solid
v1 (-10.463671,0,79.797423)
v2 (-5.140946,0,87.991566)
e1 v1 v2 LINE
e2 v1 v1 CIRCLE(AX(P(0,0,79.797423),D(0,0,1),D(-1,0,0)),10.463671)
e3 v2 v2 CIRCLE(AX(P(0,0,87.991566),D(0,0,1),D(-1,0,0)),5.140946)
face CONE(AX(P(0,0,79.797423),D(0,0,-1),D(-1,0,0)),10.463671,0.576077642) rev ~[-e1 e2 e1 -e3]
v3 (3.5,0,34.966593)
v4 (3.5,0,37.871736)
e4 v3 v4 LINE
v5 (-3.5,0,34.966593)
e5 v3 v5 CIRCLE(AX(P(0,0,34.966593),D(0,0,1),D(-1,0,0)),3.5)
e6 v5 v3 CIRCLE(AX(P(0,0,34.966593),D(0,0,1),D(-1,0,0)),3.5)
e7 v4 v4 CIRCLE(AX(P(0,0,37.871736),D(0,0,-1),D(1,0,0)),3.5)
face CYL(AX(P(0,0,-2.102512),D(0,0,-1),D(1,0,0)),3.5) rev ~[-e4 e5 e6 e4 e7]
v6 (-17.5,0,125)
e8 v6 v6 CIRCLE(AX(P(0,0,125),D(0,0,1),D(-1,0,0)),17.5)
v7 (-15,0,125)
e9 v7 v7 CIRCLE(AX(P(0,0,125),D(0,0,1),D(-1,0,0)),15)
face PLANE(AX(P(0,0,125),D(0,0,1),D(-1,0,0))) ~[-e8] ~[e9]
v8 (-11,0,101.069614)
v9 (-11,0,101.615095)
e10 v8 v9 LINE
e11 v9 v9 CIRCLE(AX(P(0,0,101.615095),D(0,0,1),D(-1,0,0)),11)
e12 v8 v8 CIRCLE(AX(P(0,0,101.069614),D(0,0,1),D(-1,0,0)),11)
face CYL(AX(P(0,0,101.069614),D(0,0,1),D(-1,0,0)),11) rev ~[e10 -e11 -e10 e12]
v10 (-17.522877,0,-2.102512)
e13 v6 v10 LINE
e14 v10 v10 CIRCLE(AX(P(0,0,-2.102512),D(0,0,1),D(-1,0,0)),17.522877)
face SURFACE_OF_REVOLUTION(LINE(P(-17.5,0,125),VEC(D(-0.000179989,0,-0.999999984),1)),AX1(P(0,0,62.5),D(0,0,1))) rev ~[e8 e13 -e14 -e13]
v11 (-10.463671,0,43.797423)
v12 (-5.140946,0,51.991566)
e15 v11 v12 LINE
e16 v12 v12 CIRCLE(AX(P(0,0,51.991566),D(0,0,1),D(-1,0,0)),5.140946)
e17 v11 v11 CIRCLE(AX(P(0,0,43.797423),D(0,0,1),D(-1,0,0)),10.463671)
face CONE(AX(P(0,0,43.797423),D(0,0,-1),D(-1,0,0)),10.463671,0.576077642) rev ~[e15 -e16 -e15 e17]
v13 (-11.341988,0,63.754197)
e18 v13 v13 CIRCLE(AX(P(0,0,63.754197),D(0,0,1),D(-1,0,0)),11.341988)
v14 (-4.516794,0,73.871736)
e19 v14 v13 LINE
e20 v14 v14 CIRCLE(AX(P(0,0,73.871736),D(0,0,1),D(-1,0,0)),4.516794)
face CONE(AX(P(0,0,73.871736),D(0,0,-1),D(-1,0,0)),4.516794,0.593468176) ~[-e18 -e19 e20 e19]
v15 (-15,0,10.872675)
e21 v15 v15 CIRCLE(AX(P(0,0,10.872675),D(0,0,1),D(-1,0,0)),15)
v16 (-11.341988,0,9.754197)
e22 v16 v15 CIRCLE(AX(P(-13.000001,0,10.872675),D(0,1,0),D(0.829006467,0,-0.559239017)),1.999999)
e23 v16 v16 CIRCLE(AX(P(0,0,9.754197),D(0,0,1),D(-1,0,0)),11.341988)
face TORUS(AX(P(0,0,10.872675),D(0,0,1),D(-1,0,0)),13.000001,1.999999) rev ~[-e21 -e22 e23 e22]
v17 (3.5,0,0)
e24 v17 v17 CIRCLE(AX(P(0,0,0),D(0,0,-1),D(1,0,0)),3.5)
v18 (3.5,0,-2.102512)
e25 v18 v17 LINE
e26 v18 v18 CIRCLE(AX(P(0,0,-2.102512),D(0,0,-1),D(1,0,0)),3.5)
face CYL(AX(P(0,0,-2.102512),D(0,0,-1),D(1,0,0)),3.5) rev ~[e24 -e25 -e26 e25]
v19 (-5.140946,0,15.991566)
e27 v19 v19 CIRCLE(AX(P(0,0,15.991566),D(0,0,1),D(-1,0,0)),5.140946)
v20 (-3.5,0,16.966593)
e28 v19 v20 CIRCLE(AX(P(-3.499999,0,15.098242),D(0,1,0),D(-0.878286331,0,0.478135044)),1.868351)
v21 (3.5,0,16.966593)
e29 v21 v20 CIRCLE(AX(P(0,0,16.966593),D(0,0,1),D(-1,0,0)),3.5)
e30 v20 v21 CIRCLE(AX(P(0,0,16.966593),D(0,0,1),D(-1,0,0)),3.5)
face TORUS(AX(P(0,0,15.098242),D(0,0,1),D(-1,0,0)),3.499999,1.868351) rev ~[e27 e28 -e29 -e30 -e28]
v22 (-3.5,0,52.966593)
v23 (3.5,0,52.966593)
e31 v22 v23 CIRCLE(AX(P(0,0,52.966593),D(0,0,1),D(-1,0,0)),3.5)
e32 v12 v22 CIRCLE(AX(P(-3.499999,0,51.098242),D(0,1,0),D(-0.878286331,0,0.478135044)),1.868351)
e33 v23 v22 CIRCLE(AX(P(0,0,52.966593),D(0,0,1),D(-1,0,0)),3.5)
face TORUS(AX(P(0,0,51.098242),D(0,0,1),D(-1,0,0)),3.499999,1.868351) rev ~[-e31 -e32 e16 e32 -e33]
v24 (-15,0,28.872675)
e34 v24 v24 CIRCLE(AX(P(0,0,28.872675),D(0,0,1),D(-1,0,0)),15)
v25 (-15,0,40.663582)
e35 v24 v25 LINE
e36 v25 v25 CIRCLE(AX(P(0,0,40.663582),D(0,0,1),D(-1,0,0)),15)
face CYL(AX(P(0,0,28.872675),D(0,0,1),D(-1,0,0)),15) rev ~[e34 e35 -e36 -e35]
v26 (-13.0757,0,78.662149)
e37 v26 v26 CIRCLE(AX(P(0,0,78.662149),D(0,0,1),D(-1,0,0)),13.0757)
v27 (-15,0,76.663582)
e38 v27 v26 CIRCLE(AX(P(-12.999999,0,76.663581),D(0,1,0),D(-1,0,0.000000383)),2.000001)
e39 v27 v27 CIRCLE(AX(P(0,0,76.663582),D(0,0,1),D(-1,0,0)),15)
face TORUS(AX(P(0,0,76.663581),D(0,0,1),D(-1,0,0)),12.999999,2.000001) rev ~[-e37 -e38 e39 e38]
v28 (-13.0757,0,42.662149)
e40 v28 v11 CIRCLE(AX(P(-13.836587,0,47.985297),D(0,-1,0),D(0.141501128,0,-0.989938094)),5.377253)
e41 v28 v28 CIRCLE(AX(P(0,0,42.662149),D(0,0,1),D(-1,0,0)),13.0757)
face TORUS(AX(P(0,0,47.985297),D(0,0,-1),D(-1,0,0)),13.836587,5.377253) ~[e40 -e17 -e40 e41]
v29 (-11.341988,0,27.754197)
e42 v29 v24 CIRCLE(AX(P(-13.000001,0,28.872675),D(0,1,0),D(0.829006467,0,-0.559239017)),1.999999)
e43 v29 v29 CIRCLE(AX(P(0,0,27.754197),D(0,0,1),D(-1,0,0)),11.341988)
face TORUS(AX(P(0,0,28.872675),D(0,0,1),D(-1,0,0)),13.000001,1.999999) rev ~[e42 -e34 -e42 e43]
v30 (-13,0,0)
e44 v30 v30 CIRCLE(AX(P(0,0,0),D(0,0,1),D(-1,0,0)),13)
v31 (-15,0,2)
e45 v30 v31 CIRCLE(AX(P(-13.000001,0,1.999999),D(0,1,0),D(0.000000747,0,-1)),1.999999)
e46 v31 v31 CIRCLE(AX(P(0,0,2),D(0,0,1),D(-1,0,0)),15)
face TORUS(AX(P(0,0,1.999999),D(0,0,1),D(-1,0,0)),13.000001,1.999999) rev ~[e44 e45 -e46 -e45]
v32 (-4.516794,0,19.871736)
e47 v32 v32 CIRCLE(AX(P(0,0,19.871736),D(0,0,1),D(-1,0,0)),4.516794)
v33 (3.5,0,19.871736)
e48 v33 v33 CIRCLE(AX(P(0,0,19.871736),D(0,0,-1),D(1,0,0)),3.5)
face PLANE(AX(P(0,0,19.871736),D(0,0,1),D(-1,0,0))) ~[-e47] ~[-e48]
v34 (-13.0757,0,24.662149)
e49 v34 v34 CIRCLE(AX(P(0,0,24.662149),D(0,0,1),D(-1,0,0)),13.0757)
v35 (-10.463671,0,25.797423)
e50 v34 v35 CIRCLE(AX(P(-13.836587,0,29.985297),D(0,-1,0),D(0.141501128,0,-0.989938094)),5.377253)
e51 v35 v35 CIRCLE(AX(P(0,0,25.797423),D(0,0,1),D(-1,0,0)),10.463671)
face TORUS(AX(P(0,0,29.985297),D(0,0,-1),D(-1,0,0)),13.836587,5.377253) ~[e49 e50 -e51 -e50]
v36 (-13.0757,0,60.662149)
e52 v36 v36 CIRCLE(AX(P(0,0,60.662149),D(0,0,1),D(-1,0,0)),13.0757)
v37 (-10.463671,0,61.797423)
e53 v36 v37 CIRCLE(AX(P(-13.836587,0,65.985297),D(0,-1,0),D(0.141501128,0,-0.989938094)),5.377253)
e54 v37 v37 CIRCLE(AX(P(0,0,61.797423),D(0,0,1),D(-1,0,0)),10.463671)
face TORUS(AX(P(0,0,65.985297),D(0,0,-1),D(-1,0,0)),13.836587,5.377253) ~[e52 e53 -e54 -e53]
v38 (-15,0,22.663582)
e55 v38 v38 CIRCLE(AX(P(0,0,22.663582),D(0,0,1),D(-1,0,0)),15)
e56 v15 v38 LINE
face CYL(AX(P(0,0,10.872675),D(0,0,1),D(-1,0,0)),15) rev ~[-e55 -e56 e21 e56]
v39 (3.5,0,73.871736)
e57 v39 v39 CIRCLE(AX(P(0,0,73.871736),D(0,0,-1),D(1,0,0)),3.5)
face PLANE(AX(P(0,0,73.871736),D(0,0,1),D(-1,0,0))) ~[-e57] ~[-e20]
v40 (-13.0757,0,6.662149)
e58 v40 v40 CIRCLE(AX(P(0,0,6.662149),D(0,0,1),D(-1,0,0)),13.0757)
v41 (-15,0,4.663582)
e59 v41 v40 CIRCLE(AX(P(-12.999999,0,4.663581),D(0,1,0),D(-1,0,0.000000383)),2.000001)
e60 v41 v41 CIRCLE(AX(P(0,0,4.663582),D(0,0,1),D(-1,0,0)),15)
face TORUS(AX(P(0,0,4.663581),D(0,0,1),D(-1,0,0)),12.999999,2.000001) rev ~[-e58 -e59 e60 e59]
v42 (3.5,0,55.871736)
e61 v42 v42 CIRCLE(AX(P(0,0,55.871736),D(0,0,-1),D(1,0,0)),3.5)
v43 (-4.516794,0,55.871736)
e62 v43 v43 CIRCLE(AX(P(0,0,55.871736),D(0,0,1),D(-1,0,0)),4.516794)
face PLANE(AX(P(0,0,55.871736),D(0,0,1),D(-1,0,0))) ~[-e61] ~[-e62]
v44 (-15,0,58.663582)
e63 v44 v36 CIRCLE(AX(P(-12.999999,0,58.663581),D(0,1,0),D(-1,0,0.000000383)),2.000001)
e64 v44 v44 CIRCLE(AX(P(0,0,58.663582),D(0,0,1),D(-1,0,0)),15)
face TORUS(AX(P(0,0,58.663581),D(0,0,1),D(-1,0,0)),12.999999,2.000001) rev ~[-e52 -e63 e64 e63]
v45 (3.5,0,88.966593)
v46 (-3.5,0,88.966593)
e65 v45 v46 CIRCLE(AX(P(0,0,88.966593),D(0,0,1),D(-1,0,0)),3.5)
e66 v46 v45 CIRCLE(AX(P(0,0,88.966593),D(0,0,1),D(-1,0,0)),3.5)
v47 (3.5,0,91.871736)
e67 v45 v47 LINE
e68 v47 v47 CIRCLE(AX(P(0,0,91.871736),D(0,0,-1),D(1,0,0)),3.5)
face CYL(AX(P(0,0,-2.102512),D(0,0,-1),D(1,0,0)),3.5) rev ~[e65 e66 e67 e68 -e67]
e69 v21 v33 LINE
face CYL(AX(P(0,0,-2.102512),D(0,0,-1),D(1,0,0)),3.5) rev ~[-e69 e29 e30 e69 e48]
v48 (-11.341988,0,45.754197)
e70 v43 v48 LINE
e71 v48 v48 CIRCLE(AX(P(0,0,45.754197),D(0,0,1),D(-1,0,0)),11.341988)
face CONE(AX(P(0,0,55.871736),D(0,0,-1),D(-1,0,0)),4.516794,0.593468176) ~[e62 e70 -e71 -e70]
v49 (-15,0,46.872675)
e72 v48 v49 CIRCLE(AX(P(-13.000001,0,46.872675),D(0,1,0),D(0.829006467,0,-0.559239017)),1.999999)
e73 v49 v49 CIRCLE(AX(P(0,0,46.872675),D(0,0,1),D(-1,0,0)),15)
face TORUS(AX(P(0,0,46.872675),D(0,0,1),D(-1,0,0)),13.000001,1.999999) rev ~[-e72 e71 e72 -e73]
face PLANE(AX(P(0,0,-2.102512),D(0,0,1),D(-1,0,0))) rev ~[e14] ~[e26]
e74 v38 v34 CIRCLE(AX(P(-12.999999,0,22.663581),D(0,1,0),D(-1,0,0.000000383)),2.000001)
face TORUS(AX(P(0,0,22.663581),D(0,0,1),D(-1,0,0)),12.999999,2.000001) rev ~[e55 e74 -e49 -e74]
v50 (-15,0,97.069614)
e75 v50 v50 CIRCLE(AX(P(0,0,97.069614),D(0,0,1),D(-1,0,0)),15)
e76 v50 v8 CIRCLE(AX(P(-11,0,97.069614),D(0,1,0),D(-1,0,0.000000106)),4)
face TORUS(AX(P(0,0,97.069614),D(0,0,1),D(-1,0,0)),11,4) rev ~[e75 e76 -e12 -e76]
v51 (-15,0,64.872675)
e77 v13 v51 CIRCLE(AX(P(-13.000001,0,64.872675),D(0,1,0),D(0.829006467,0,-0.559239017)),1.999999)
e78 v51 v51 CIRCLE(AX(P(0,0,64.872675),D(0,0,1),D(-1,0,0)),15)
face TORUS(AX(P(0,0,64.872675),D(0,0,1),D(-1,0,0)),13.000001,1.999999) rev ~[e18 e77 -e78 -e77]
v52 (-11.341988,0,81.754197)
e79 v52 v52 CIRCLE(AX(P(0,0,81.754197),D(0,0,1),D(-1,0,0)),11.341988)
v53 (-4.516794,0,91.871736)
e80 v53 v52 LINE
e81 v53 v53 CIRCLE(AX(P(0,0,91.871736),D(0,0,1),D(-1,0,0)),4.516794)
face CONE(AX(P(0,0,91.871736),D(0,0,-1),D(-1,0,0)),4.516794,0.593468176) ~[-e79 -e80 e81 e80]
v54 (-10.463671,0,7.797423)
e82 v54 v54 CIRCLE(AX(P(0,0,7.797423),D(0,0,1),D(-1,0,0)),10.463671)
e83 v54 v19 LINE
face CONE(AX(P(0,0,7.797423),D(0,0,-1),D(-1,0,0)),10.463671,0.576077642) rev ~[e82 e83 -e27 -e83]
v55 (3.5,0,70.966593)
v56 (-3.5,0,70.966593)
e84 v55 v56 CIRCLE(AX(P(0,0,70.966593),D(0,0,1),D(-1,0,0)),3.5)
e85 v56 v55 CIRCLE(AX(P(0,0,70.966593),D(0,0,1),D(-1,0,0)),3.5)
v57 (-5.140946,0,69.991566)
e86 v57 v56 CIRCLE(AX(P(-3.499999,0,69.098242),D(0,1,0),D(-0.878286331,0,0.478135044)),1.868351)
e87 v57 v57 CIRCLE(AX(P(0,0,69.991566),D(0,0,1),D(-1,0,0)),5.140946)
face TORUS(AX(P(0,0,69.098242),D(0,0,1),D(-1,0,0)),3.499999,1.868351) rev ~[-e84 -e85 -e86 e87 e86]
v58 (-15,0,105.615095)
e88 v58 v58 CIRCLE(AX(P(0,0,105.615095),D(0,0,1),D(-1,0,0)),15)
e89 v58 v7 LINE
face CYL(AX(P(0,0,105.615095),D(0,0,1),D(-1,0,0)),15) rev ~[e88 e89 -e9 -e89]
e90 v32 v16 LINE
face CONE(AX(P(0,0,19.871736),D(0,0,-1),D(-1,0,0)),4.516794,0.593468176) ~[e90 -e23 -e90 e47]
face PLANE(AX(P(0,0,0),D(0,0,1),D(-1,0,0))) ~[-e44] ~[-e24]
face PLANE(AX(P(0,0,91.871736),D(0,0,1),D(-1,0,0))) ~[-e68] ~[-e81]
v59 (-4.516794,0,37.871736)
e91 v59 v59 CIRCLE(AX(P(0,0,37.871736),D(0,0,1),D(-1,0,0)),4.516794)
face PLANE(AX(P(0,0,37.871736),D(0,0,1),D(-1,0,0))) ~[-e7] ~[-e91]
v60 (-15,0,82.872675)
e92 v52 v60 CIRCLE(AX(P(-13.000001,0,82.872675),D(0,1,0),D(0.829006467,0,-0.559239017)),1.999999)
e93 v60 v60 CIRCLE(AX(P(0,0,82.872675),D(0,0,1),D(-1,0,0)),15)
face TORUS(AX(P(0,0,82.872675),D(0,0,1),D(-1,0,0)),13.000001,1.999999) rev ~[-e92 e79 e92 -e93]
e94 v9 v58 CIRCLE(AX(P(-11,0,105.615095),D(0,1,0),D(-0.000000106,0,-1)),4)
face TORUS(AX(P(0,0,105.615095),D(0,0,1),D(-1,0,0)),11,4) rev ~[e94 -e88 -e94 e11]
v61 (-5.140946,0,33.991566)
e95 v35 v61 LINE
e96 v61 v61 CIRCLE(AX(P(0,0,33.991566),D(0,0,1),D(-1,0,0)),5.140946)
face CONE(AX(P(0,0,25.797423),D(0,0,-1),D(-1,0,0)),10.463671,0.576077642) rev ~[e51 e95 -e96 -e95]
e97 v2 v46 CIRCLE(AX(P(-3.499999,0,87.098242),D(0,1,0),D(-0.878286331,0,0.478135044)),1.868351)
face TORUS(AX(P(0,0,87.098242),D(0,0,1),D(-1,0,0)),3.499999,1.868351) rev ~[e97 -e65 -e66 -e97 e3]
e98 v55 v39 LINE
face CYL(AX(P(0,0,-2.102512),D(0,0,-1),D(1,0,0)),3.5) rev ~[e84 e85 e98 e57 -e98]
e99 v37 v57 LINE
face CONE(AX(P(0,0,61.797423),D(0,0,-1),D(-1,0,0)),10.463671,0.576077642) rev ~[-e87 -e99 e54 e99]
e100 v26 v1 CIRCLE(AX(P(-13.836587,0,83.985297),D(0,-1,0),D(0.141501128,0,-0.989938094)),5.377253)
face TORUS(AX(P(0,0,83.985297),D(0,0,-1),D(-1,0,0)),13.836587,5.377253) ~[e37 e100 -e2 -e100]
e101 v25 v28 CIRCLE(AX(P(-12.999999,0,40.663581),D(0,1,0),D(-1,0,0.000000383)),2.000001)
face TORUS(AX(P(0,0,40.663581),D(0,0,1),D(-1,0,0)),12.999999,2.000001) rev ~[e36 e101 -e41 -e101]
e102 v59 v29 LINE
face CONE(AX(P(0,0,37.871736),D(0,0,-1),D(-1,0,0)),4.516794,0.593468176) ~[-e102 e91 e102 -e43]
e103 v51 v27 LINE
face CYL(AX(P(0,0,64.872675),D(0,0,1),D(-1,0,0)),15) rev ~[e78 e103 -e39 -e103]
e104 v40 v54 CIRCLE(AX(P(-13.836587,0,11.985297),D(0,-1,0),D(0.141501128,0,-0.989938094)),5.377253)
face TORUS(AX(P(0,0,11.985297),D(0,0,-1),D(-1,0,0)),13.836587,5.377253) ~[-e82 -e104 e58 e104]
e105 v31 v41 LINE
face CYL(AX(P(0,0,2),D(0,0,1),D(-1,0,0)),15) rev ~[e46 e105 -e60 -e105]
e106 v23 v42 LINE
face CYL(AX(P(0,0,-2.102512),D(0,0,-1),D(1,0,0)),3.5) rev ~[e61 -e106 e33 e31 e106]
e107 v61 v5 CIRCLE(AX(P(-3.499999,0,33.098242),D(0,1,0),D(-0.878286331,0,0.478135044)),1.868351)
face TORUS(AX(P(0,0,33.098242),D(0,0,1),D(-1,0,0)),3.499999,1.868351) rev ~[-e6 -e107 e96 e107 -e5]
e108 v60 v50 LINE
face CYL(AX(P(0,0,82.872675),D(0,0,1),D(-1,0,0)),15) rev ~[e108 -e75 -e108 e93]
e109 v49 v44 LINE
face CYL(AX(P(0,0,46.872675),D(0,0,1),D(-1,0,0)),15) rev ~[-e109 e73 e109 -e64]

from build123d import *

# Parameters (mm, degrees)
F2_R     = 3.5
F3_DEPTH = 125


with BuildPart() as f1:
    # F0 (on Front) → F1 (revolve)
    with BuildSketch(Plane.XZ):
        with BuildLine():
            Line((-15, 2), (-15, 4.663582))
            ThreePointArc((-15, 4.663582), (-14.440729, 6.050773), (-13.0757, 6.662149))
            ThreePointArc((-13.0757, 6.662149), (-11.693157, 7.053709), (-10.463671, 7.797423))
            Line((-10.463671, 7.797423), (-5.140946, 15.991566))
            ThreePointArc((-5.140946, 15.991566), (-4.454382, 16.704445), (-3.5, 16.966593))
            Line((-3.5, 16.966593), (0, 16.966593))
            Line((0, 16.966593), (0, 19.871736))
            Line((0, 19.871736), (-3.5, 19.871736))
            Line((-3.5, 19.871736), (-4.516794, 19.871736))
            Line((-4.516794, 19.871736), (-11.341988, 9.754197))
            ThreePointArc((-11.341988, 9.754197), (-13.584797, 8.960082), (-15, 10.872675))
            Line((-15, 10.872675), (-15, 22.663582))
            ThreePointArc((-15, 22.663582), (-14.440729, 24.050773), (-13.0757, 24.662149))
            ThreePointArc((-13.0757, 24.662149), (-11.693157, 25.053709), (-10.463671, 25.797423))
            Line((-10.463671, 25.797423), (-5.140946, 33.991566))
            ThreePointArc((-5.140946, 33.991566), (-4.454382, 34.704445), (-3.5, 34.966593))
            Line((-3.5, 34.966593), (0, 34.966593))
            Line((0, 34.966593), (0, 37.871736))
            Line((0, 37.871736), (-3.5, 37.871736))
            Line((-3.5, 37.871736), (-4.516794, 37.871736))
            Line((-4.516794, 37.871736), (-11.341988, 27.754197))
            ThreePointArc((-11.341988, 27.754197), (-13.584797, 26.960082), (-15, 28.872675))
            Line((-15, 28.872675), (-15, 40.663582))
            ThreePointArc((-15, 40.663582), (-14.440729, 42.050773), (-13.0757, 42.662149))
            ThreePointArc((-13.0757, 42.662149), (-11.693157, 43.053709), (-10.463671, 43.797423))
            Line((-10.463671, 43.797423), (-5.140946, 51.991566))
            ThreePointArc((-5.140946, 51.991566), (-4.454382, 52.704445), (-3.5, 52.966593))
            Line((-3.5, 52.966593), (0, 52.966593))
            Line((0, 52.966593), (0, 55.871736))
            Line((0, 55.871736), (-3.5, 55.871736))
            Line((-3.5, 55.871736), (-4.516794, 55.871736))
            Line((-4.516794, 55.871736), (-11.341988, 45.754197))
            ThreePointArc((-11.341988, 45.754197), (-13.584797, 44.960082), (-15, 46.872675))
            Line((-15, 46.872675), (-15, 58.663582))
            ThreePointArc((-15, 58.663582), (-14.440729, 60.050773), (-13.0757, 60.662149))
            ThreePointArc((-13.0757, 60.662149), (-11.693157, 61.053709), (-10.463671, 61.797423))
            Line((-10.463671, 61.797423), (-5.140946, 69.991566))
            ThreePointArc((-5.140946, 69.991566), (-4.454382, 70.704445), (-3.5, 70.966593))
            Line((-3.5, 70.966593), (0, 70.966593))
            Line((0, 70.966593), (0, 73.871736))
            Line((0, 73.871736), (-3.5, 73.871736))
            Line((-3.5, 73.871736), (-4.516794, 73.871736))
            Line((-4.516794, 73.871736), (-11.341988, 63.754197))
            ThreePointArc((-11.341988, 63.754197), (-13.584797, 62.960082), (-15, 64.872675))
            Line((-15, 64.872675), (-15, 76.663582))
            ThreePointArc((-15, 76.663582), (-14.440729, 78.050773), (-13.0757, 78.662149))
            ThreePointArc((-13.0757, 78.662149), (-11.693157, 79.053709), (-10.463671, 79.797423))
            Line((-10.463671, 79.797423), (-5.140946, 87.991566))
            ThreePointArc((-5.140946, 87.991566), (-4.454382, 88.704445), (-3.5, 88.966593))
            Line((-3.5, 88.966593), (0, 88.966593))
            Line((0, 88.966593), (0, 91.871736))
            Line((0, 91.871736), (-3.5, 91.871736))
            Line((-3.5, 91.871736), (-4.516794, 91.871736))
            Line((-4.516794, 91.871736), (-11.341988, 81.754197))
            ThreePointArc((-11.341988, 81.754197), (-13.584797, 80.960082), (-15, 82.872675))
            Line((-15, 82.872675), (-15, 97.069614))
            ThreePointArc((-15, 97.069614), (-13.828427, 99.898041), (-11, 101.069614))
            Line((-11, 101.069614), (-11, 101.615095))
            ThreePointArc((-11, 101.615095), (-13.828427, 102.786668), (-15, 105.615095))
            Line((-15, 105.615095), (-15, 125))
            Line((-15, 125), (-17.5, 125))
            Line((-17.5, 125), (-17.522877, -2.102512))
            Line((-17.522877, -2.102512), (0, -2.102512))
            Line((0, -2.102512), (0, 0))
            Line((0, 0), (-13, 0))
            ThreePointArc((-13, 0), (-14.414214, 0.585786), (-15, 2))
        make_face()
    revolve(axis=Axis((0, 0, 62.5), (0, 0, 1)))

    # F2 (on face) → F3 (cut)
    with BuildSketch(Plane(origin=(0, 0, -2.102512), x_dir=(1, 0, 0), z_dir=(0, 0, -1))):
        Circle(F2_R)
    extrude(amount=-F3_DEPTH, mode=Mode.SUBTRACT)


solid = f1.part
